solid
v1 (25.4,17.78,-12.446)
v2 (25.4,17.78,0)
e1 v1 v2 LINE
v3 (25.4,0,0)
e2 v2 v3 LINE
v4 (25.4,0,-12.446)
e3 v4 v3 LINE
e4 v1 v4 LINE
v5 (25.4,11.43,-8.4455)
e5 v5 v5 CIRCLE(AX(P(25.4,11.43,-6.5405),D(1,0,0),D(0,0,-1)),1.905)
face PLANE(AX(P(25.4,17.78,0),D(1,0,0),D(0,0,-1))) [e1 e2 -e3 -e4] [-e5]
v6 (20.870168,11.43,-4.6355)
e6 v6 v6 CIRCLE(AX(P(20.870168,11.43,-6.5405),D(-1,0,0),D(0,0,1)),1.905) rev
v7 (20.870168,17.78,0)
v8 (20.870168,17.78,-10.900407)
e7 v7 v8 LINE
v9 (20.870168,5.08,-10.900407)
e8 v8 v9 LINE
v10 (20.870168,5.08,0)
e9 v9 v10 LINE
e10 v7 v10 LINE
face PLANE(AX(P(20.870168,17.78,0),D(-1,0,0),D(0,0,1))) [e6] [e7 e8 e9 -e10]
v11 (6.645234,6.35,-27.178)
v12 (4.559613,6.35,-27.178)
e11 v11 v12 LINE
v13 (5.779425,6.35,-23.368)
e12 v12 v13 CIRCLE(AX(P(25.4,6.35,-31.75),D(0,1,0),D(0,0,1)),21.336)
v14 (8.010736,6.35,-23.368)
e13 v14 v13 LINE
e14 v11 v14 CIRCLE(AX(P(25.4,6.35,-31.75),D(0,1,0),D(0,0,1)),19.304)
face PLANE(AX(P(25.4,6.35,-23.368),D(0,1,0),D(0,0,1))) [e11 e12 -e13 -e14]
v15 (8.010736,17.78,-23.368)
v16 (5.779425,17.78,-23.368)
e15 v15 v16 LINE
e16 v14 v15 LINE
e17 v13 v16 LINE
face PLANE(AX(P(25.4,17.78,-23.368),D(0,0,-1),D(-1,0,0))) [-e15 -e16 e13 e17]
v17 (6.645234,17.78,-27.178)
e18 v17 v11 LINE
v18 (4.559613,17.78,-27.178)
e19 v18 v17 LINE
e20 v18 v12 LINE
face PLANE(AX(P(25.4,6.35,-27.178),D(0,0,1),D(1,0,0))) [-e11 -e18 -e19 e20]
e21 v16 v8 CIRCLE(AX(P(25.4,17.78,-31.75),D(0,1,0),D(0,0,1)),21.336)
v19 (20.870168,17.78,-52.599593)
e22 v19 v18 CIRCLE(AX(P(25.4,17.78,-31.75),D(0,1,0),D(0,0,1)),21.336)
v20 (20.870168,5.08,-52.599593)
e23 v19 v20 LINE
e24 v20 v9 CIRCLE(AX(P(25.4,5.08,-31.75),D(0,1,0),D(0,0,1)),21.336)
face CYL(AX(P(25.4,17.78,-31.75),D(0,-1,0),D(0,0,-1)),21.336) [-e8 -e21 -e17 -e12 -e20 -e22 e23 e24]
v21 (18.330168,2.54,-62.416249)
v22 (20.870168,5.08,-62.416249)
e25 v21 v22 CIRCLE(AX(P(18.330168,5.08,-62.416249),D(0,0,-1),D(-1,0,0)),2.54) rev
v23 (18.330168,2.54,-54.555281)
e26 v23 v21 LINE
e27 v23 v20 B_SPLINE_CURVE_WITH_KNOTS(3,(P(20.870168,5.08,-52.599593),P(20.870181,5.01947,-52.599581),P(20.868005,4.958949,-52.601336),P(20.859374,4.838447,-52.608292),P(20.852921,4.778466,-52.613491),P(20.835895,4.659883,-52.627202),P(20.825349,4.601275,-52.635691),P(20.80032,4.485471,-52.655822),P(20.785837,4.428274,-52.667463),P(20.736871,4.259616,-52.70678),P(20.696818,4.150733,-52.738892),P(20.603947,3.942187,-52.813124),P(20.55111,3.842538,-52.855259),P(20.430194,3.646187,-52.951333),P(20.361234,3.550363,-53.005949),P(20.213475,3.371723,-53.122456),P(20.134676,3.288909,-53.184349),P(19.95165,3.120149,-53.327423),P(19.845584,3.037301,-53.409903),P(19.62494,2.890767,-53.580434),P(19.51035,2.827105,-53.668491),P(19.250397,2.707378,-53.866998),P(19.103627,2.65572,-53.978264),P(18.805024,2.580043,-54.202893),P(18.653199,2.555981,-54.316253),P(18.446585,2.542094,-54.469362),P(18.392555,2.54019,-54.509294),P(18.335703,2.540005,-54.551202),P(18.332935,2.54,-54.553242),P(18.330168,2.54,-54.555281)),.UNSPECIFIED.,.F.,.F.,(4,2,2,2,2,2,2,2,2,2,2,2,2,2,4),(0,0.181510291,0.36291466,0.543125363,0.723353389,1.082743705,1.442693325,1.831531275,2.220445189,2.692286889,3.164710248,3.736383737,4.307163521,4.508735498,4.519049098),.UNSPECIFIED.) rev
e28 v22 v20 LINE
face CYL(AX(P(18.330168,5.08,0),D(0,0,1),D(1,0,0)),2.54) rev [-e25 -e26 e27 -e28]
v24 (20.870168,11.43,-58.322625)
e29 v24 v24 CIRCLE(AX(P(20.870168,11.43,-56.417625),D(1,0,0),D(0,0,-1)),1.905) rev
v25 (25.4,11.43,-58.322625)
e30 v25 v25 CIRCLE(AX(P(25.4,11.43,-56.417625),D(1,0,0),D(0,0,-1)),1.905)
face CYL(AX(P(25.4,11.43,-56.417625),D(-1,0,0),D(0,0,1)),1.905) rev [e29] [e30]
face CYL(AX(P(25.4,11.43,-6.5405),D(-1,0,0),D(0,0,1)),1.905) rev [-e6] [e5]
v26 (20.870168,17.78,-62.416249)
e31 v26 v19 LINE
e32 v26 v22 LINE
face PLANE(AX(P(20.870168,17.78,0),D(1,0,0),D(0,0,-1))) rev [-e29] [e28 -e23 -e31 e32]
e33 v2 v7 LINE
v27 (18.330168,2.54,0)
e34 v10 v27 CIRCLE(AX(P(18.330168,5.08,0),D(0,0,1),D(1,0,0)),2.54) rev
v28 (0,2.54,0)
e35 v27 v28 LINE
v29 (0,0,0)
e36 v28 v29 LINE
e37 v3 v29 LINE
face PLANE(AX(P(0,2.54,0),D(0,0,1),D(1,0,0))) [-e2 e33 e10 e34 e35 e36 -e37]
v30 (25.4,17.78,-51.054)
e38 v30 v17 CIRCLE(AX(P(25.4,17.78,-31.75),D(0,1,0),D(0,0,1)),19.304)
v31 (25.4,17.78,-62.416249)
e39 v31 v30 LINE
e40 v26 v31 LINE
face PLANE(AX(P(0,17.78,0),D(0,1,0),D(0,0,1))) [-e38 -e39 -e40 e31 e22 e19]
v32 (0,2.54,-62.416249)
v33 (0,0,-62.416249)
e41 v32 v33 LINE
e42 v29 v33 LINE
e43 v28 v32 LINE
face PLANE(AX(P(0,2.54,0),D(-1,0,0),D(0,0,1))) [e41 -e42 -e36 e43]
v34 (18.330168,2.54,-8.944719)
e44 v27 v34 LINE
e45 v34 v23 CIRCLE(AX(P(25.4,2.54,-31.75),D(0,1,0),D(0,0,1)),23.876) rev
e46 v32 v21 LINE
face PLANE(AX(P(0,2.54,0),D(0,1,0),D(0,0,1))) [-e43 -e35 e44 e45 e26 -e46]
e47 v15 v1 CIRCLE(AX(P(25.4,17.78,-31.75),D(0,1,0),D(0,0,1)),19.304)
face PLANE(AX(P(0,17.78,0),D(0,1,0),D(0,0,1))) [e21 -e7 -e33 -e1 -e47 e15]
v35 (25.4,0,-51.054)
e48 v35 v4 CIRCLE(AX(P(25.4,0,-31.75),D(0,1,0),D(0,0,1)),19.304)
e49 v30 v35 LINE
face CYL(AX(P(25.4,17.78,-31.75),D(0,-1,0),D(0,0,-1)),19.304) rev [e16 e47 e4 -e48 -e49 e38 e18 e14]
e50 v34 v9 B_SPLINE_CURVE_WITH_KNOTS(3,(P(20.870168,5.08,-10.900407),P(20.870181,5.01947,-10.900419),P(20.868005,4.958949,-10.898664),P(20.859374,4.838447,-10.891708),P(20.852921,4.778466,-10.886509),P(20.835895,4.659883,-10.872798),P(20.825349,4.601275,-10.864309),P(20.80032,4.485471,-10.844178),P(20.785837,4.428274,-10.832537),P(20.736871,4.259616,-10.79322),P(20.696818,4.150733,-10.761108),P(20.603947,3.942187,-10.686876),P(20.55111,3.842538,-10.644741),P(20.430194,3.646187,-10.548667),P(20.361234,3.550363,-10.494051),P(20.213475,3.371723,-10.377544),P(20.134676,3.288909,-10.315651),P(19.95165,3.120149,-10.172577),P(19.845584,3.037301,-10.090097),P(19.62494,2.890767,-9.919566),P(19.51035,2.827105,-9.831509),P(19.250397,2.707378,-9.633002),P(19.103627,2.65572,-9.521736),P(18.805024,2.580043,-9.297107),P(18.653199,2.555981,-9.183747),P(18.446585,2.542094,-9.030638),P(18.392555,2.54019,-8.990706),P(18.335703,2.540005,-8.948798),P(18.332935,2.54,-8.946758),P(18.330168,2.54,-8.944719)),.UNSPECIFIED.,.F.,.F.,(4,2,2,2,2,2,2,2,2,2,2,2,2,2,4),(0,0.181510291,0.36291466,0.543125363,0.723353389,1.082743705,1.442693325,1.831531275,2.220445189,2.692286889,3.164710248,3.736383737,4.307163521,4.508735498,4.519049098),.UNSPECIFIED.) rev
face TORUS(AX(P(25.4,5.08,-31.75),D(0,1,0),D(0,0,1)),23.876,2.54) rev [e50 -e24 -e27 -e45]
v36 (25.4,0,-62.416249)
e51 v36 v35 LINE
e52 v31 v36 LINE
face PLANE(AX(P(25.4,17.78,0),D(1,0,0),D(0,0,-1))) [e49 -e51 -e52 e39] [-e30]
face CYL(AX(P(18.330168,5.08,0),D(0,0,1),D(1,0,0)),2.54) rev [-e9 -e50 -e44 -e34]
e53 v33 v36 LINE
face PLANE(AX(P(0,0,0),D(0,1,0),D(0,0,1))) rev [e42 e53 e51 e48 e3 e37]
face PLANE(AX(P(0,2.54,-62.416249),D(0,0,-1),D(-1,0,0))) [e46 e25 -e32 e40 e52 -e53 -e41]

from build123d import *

# Parameters (mm, degrees)
BOSS_EXTRUDE14_DEPTH    = 2.54
BOSS_EXTRUDE15_DEPTH    = 17.78
FILLET3_R               = 2.54
SKETCH5_R               = 1.905
CUT_EXTRUDE3_DEPTH      = 26.4
CUT_EXTRUDE3_DEPTH_BACK = 1
SKETCH6_W               = 3.81
SKETCH6_H               = 11.43
CUT_EXTRUDE4_DEPTH      = 26.4
CUT_EXTRUDE4_DEPTH_BACK = 1


with BuildPart() as part:
    # Sketch3 → Boss-Extrude14 (new body)
    with BuildSketch(Plane(origin=(0, 0, 0), x_dir=(1, 0, 0), z_dir=(0, 1, 0))):
        with BuildLine():
            Line((0, 62.41624918), (0, 0))
            Line((0, 0), (20.870167944, 0))
            Line((20.870167944, 0), (20.870167944, 10.900407257))
            ThreePointArc((20.870167944, 10.900407257), (4.064, 31.75), (20.870167944, 52.599592743))
            Line((20.870167944, 52.599592743), (20.870167944, 62.41624918))
            Line((20.870167944, 62.41624918), (0, 62.41624918))
        make_face()
    extrude(amount=BOSS_EXTRUDE14_DEPTH)

    # Sketch3<18> → Boss-Extrude15 (add)
    with BuildSketch(Plane(origin=(0, 0, 0), x_dir=(1, 0, 0), z_dir=(0, 1, 0))):
        with BuildLine():
            Line((20.870167944, 10.900407257), (20.870167944, 0))
            Line((20.870167944, 0), (25.4, 0))
            Line((25.4, 0), (25.4, 12.446))
            ThreePointArc((25.4, 12.446), (6.096, 31.75), (25.4, 51.054))
            Line((25.4, 51.054), (25.4, 62.41624918))
            Line((25.4, 62.41624918), (20.870167944, 62.41624918))
            Line((20.870167944, 62.41624918), (20.870167944, 52.599592743))
            ThreePointArc((20.870167944, 52.599592743), (4.064, 31.75), (20.870167944, 10.900407257))
        make_face()
    extrude(amount=BOSS_EXTRUDE15_DEPTH)

    # Fillet3
    fillet3_edges = [part.edges().sort_by_distance(p)[0] for p in [
        (20.870167944, 2.54, -57.507920962),
        (20.870167944, 2.54, -5.450203629),
        (4.064, 2.54, -31.75),
    ]]
    fillet(fillet3_edges, radius=FILLET3_R)

    # Sketch5 → Cut-Extrude3 (cut, two sides)
    with BuildSketch(Plane(origin=(0, 0, 0), x_dir=(0, 0, -1), z_dir=(1, 0, 0))) as cut_extrude3_sk:
        with Locations((6.5405, 11.43)):
            Circle(SKETCH5_R)
        with Locations((56.41762459, 11.43)):
            Circle(SKETCH5_R)
    extrude(amount=CUT_EXTRUDE3_DEPTH, mode=Mode.SUBTRACT)
    extrude(cut_extrude3_sk.sketch, amount=-CUT_EXTRUDE3_DEPTH_BACK, mode=Mode.SUBTRACT)

    # Sketch6 → Cut-Extrude4 (cut, two sides)
    with BuildSketch(Plane(origin=(0, 0, 0), x_dir=(0, 0, -1), z_dir=(1, 0, 0))) as cut_extrude4_sk:
        with Locations((25.273, 12.065)):
            Rectangle(SKETCH6_W, SKETCH6_H)
    extrude(amount=CUT_EXTRUDE4_DEPTH, mode=Mode.SUBTRACT)
    extrude(cut_extrude4_sk.sketch, amount=-CUT_EXTRUDE4_DEPTH_BACK, mode=Mode.SUBTRACT)


solid = part.part
